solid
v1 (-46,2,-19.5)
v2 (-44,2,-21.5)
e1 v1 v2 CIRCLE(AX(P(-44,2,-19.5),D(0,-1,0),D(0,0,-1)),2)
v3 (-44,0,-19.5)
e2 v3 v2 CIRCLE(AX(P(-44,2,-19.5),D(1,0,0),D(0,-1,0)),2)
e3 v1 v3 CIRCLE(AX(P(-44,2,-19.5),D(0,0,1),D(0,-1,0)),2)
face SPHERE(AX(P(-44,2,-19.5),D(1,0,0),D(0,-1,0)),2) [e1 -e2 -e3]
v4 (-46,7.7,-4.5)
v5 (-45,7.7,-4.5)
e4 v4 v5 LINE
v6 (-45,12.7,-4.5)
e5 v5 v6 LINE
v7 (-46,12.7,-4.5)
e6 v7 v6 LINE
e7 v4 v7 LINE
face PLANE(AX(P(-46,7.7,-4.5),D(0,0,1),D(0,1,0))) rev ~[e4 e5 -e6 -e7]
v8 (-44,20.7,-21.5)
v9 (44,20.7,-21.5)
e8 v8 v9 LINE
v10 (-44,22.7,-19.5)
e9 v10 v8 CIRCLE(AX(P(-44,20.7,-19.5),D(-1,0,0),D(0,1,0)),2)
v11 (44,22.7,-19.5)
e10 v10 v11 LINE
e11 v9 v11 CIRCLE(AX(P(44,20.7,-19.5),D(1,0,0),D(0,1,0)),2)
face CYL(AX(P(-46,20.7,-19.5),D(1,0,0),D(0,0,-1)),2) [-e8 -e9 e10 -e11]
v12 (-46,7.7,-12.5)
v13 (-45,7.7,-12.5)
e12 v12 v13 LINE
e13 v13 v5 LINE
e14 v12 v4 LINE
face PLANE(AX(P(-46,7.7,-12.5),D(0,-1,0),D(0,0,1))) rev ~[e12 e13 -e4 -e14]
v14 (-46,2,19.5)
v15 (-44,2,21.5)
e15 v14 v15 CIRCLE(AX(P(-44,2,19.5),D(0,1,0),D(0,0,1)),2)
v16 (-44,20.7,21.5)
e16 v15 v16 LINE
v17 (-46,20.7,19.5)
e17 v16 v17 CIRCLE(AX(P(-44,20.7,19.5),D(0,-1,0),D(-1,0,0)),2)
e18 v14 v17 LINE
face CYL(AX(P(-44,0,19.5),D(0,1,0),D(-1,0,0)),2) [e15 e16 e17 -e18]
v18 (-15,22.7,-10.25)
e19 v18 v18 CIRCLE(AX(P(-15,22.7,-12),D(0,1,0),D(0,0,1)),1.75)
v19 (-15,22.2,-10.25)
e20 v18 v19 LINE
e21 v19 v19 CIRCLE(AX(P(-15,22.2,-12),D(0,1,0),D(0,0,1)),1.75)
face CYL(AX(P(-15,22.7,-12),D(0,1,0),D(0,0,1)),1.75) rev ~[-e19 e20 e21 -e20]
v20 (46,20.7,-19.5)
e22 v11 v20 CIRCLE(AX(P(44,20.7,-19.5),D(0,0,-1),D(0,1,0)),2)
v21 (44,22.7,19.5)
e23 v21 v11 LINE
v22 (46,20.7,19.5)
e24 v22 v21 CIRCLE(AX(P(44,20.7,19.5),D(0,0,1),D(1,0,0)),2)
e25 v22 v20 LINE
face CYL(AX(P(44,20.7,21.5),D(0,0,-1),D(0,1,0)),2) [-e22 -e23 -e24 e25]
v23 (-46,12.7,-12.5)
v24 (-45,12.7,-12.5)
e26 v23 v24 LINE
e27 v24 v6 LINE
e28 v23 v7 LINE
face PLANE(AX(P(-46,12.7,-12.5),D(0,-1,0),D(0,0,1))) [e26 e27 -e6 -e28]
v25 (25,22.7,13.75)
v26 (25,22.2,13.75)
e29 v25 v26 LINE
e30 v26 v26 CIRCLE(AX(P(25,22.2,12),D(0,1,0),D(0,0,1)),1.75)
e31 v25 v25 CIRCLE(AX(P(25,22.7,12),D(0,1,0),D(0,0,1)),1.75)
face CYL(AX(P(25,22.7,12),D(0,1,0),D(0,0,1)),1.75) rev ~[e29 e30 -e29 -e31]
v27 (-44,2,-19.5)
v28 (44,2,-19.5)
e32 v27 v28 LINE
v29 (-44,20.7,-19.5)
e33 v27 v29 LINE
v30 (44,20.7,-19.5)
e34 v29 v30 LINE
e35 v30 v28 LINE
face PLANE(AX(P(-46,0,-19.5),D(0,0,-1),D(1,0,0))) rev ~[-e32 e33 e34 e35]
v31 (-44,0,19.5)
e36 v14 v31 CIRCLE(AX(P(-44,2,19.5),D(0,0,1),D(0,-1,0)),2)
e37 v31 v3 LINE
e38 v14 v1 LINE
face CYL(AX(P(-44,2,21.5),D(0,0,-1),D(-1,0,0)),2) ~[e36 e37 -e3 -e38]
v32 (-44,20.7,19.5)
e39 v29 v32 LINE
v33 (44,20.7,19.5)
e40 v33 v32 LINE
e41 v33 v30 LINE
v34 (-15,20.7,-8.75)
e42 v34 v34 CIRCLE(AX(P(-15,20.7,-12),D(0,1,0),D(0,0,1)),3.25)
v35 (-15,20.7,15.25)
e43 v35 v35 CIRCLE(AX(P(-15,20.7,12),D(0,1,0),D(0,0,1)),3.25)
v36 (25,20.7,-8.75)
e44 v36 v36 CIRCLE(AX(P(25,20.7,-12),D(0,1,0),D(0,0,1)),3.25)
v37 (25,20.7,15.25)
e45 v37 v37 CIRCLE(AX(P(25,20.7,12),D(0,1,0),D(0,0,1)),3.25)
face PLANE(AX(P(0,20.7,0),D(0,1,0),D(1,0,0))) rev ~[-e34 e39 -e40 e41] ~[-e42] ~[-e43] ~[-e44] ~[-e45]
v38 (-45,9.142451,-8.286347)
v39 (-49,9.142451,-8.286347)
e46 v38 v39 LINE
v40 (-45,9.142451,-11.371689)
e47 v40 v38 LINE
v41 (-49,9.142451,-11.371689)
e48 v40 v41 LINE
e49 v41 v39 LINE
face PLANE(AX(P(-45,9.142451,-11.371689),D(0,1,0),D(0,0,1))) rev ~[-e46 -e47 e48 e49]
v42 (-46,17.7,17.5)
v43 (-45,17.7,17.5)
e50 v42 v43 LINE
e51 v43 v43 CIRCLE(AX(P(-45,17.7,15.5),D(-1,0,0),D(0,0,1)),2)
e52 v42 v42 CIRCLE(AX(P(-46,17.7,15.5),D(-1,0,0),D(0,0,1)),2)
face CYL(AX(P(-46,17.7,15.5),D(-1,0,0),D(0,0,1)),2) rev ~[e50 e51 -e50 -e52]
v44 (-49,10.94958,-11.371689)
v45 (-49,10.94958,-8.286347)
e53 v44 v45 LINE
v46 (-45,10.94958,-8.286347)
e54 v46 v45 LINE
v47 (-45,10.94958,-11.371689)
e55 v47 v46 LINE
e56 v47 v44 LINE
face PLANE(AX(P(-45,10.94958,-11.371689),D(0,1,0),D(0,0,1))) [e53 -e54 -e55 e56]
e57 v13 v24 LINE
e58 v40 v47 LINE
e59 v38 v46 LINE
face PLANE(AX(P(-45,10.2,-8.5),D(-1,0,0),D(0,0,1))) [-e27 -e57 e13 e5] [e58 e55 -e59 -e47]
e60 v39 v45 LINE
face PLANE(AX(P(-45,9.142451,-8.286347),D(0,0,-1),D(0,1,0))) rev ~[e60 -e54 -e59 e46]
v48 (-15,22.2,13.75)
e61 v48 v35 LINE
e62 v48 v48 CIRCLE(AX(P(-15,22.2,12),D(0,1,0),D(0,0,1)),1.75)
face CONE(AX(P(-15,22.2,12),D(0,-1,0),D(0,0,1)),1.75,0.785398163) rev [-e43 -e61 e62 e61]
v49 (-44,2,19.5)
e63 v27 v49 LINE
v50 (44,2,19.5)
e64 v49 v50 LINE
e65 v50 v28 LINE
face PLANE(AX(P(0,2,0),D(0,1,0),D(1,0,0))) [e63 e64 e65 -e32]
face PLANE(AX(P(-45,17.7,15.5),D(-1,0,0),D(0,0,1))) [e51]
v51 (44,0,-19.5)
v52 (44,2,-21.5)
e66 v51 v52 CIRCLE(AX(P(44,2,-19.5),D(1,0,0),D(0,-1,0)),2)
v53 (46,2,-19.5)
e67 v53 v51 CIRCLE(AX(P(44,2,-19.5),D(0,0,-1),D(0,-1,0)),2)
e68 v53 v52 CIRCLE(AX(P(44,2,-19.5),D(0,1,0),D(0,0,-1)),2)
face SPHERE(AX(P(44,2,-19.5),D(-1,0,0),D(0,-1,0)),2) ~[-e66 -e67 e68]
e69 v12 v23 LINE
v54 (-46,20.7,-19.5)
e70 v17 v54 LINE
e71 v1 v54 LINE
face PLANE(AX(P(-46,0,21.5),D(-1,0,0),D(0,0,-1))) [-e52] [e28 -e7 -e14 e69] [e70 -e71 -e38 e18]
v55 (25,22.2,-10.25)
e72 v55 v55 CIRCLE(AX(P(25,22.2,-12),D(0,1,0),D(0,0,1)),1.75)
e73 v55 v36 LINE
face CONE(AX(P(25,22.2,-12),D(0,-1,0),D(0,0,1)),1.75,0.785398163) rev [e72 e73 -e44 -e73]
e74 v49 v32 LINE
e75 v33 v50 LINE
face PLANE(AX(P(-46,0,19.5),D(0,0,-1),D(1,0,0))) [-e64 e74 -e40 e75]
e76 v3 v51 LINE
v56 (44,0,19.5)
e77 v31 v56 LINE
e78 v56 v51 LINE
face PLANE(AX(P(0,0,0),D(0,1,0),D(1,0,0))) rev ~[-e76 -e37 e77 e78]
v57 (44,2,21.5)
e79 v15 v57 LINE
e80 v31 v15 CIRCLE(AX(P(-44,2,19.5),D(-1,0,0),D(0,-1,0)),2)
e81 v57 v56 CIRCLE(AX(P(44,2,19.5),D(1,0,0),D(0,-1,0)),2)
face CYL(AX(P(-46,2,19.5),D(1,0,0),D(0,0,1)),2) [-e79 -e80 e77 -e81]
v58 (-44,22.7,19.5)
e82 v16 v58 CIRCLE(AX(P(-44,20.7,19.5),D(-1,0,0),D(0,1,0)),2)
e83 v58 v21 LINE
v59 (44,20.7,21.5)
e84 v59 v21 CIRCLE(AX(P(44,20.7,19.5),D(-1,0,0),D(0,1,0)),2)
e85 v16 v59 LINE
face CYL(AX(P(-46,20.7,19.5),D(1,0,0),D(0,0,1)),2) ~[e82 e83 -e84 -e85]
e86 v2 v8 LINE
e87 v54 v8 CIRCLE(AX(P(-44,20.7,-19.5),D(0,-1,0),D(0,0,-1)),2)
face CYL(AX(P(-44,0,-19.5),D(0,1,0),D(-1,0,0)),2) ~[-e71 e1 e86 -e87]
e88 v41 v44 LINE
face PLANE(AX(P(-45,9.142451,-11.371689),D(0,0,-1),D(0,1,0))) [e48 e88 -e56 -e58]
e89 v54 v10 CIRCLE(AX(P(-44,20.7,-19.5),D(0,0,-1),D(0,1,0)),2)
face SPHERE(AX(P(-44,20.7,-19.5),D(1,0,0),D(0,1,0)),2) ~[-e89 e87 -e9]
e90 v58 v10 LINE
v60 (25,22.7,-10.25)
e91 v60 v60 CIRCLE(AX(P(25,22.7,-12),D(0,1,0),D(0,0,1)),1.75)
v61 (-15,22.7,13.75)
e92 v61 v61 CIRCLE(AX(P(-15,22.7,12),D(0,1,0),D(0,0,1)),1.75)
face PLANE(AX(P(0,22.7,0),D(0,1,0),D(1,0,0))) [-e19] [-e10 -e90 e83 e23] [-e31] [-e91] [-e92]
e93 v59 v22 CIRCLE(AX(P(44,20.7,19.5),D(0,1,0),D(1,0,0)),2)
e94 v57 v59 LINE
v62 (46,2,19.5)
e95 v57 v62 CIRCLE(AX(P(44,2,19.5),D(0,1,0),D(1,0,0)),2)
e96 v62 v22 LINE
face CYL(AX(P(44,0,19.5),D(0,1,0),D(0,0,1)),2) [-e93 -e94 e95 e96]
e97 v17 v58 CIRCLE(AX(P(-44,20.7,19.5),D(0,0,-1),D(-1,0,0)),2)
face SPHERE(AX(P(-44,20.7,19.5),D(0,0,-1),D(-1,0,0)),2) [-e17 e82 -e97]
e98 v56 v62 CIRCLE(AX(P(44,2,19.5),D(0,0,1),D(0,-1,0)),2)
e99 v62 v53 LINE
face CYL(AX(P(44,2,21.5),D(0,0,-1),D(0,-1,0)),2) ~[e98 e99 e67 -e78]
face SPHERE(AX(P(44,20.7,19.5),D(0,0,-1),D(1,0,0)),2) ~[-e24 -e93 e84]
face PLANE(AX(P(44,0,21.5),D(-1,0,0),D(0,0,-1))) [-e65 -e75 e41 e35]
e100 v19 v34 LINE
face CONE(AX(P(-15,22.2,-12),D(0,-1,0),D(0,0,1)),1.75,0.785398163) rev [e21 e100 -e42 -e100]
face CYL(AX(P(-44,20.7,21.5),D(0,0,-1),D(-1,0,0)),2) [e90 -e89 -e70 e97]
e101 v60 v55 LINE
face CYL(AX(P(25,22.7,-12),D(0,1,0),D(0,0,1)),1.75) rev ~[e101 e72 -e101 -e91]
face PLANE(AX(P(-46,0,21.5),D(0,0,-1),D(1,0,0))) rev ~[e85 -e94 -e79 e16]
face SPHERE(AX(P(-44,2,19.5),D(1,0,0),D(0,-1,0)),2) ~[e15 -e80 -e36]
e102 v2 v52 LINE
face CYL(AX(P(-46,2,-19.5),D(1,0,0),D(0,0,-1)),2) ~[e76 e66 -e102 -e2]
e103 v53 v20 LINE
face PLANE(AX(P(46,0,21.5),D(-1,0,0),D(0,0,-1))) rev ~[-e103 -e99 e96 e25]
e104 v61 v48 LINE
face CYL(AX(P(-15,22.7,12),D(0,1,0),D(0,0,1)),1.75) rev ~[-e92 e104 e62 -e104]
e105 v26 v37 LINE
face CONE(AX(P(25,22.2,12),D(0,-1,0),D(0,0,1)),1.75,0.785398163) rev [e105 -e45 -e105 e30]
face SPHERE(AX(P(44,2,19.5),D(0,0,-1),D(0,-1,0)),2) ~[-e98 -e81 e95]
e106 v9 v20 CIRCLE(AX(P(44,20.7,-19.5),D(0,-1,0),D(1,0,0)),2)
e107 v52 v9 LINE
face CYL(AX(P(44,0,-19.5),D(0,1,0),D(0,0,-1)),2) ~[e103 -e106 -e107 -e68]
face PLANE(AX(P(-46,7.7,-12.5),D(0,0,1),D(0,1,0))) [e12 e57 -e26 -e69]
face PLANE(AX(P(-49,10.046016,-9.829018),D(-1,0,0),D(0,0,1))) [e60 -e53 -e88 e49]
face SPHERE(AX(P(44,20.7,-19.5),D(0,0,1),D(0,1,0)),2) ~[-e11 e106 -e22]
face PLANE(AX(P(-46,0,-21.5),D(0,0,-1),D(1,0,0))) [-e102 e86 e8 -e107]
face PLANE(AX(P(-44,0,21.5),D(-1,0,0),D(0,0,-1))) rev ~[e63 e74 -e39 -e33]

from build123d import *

# Parameters (mm, degrees)
SKETCH1_W           = 92
SKETCH1_H           = 43
BOSS_EXTRUDE1_DEPTH = 22.7
SHELL1_T            = 2
FILLET1_R           = 2
SKETCH2_R           = 1.75
CUT_EXTRUDE1_DEPTH  = 10
SKETCH3_R           = 2
CUT_EXTRUDE2_DEPTH  = 1
SKETCH6_W           = 8
SKETCH6_H           = 5
CUT_EXTRUDE3_DEPTH  = 1
SKETCH7_W           = 3.085341893
SKETCH7_H           = 1.807128823
BOSS_EXTRUDE2_DEPTH = 4
CHAMFER1_SIZE       = 1.5


with BuildPart() as part:
    # Sketch1 → Boss-Extrude1 (new body)
    with BuildSketch(Plane(origin=(0, 0, 0), x_dir=(1, 0, 0), z_dir=(0, 1, 0))):
        Rectangle(SKETCH1_W, SKETCH1_H)
    extrude(amount=BOSS_EXTRUDE1_DEPTH)

    # Shell1 (no face opened: a closed hollow body)
    add(offset(amount=-SHELL1_T, mode=Mode.PRIVATE), mode=Mode.SUBTRACT)

    # Fillet1
    fillet1_edges = [part.edges().sort_by_distance(p)[0] for p in [
        (46, 22.7, 0),
        (0, 22.7, -21.5),
        (-46, 22.7, 0),
        (0, 0, -21.5),
        (46, 0, 0),
        (0, 0, 21.5),
        (-46, 0, 0),
        (-46, 11.35, -21.5),
        (46, 11.35, -21.5),
        (46, 11.35, 21.5),
        (-46, 11.35, 21.5),
        (0, 22.7, 21.5),
    ]]
    fillet(fillet1_edges, radius=FILLET1_R)

    # Sketch2 → Cut-Extrude1 (cut)
    with BuildSketch(Plane(origin=(0, 22.7, 0), x_dir=(1, 0, 0), z_dir=(0, 1, 0))):
        with Locations(Location((-15, 12, 0), (0, 0, 270))):
            Circle(SKETCH2_R)
        with Locations(Location((-15, -12, 0), (0, 0, 270))):
            Circle(SKETCH2_R)
        with Locations(Location((25, -12, 0), (0, 0, 270))):
            Circle(SKETCH2_R)
        with Locations(Location((25, 12, 0), (0, 0, 270))):
            Circle(SKETCH2_R)
    extrude(amount=-CUT_EXTRUDE1_DEPTH, mode=Mode.SUBTRACT)

    # Sketch3 → Cut-Extrude2 (cut)
    with BuildSketch(Plane.ZY.offset(46)):
        with Locations((15.5, 17.7)):
            Circle(SKETCH3_R)
    extrude(amount=-CUT_EXTRUDE2_DEPTH, mode=Mode.SUBTRACT)

    # Sketch6 → Cut-Extrude3 (cut)
    with BuildSketch(Plane.ZY.offset(46)):
        with Locations((-8.5, 10.2)):
            Rectangle(SKETCH6_W, SKETCH6_H)
    extrude(amount=-CUT_EXTRUDE3_DEPTH, mode=Mode.SUBTRACT)

    # Sketch7 → Boss-Extrude2 (add)
    with BuildSketch(Plane.ZY.offset(45)):
        with Locations((-9.829017748, 10.046015555)):
            Rectangle(SKETCH7_W, SKETCH7_H)
    extrude(amount=BOSS_EXTRUDE2_DEPTH)

    # Chamfer1
    chamfer1_edges = [part.edges().sort_by_distance(p)[0] for p in [
        (25, 20.7, -13.75),
        (25, 20.7, 10.25),
        (-15, 20.7, 10.25),
        (-15, 20.7, -13.75),
    ]]
    chamfer(chamfer1_edges, length=CHAMFER1_SIZE)


solid = part.part
